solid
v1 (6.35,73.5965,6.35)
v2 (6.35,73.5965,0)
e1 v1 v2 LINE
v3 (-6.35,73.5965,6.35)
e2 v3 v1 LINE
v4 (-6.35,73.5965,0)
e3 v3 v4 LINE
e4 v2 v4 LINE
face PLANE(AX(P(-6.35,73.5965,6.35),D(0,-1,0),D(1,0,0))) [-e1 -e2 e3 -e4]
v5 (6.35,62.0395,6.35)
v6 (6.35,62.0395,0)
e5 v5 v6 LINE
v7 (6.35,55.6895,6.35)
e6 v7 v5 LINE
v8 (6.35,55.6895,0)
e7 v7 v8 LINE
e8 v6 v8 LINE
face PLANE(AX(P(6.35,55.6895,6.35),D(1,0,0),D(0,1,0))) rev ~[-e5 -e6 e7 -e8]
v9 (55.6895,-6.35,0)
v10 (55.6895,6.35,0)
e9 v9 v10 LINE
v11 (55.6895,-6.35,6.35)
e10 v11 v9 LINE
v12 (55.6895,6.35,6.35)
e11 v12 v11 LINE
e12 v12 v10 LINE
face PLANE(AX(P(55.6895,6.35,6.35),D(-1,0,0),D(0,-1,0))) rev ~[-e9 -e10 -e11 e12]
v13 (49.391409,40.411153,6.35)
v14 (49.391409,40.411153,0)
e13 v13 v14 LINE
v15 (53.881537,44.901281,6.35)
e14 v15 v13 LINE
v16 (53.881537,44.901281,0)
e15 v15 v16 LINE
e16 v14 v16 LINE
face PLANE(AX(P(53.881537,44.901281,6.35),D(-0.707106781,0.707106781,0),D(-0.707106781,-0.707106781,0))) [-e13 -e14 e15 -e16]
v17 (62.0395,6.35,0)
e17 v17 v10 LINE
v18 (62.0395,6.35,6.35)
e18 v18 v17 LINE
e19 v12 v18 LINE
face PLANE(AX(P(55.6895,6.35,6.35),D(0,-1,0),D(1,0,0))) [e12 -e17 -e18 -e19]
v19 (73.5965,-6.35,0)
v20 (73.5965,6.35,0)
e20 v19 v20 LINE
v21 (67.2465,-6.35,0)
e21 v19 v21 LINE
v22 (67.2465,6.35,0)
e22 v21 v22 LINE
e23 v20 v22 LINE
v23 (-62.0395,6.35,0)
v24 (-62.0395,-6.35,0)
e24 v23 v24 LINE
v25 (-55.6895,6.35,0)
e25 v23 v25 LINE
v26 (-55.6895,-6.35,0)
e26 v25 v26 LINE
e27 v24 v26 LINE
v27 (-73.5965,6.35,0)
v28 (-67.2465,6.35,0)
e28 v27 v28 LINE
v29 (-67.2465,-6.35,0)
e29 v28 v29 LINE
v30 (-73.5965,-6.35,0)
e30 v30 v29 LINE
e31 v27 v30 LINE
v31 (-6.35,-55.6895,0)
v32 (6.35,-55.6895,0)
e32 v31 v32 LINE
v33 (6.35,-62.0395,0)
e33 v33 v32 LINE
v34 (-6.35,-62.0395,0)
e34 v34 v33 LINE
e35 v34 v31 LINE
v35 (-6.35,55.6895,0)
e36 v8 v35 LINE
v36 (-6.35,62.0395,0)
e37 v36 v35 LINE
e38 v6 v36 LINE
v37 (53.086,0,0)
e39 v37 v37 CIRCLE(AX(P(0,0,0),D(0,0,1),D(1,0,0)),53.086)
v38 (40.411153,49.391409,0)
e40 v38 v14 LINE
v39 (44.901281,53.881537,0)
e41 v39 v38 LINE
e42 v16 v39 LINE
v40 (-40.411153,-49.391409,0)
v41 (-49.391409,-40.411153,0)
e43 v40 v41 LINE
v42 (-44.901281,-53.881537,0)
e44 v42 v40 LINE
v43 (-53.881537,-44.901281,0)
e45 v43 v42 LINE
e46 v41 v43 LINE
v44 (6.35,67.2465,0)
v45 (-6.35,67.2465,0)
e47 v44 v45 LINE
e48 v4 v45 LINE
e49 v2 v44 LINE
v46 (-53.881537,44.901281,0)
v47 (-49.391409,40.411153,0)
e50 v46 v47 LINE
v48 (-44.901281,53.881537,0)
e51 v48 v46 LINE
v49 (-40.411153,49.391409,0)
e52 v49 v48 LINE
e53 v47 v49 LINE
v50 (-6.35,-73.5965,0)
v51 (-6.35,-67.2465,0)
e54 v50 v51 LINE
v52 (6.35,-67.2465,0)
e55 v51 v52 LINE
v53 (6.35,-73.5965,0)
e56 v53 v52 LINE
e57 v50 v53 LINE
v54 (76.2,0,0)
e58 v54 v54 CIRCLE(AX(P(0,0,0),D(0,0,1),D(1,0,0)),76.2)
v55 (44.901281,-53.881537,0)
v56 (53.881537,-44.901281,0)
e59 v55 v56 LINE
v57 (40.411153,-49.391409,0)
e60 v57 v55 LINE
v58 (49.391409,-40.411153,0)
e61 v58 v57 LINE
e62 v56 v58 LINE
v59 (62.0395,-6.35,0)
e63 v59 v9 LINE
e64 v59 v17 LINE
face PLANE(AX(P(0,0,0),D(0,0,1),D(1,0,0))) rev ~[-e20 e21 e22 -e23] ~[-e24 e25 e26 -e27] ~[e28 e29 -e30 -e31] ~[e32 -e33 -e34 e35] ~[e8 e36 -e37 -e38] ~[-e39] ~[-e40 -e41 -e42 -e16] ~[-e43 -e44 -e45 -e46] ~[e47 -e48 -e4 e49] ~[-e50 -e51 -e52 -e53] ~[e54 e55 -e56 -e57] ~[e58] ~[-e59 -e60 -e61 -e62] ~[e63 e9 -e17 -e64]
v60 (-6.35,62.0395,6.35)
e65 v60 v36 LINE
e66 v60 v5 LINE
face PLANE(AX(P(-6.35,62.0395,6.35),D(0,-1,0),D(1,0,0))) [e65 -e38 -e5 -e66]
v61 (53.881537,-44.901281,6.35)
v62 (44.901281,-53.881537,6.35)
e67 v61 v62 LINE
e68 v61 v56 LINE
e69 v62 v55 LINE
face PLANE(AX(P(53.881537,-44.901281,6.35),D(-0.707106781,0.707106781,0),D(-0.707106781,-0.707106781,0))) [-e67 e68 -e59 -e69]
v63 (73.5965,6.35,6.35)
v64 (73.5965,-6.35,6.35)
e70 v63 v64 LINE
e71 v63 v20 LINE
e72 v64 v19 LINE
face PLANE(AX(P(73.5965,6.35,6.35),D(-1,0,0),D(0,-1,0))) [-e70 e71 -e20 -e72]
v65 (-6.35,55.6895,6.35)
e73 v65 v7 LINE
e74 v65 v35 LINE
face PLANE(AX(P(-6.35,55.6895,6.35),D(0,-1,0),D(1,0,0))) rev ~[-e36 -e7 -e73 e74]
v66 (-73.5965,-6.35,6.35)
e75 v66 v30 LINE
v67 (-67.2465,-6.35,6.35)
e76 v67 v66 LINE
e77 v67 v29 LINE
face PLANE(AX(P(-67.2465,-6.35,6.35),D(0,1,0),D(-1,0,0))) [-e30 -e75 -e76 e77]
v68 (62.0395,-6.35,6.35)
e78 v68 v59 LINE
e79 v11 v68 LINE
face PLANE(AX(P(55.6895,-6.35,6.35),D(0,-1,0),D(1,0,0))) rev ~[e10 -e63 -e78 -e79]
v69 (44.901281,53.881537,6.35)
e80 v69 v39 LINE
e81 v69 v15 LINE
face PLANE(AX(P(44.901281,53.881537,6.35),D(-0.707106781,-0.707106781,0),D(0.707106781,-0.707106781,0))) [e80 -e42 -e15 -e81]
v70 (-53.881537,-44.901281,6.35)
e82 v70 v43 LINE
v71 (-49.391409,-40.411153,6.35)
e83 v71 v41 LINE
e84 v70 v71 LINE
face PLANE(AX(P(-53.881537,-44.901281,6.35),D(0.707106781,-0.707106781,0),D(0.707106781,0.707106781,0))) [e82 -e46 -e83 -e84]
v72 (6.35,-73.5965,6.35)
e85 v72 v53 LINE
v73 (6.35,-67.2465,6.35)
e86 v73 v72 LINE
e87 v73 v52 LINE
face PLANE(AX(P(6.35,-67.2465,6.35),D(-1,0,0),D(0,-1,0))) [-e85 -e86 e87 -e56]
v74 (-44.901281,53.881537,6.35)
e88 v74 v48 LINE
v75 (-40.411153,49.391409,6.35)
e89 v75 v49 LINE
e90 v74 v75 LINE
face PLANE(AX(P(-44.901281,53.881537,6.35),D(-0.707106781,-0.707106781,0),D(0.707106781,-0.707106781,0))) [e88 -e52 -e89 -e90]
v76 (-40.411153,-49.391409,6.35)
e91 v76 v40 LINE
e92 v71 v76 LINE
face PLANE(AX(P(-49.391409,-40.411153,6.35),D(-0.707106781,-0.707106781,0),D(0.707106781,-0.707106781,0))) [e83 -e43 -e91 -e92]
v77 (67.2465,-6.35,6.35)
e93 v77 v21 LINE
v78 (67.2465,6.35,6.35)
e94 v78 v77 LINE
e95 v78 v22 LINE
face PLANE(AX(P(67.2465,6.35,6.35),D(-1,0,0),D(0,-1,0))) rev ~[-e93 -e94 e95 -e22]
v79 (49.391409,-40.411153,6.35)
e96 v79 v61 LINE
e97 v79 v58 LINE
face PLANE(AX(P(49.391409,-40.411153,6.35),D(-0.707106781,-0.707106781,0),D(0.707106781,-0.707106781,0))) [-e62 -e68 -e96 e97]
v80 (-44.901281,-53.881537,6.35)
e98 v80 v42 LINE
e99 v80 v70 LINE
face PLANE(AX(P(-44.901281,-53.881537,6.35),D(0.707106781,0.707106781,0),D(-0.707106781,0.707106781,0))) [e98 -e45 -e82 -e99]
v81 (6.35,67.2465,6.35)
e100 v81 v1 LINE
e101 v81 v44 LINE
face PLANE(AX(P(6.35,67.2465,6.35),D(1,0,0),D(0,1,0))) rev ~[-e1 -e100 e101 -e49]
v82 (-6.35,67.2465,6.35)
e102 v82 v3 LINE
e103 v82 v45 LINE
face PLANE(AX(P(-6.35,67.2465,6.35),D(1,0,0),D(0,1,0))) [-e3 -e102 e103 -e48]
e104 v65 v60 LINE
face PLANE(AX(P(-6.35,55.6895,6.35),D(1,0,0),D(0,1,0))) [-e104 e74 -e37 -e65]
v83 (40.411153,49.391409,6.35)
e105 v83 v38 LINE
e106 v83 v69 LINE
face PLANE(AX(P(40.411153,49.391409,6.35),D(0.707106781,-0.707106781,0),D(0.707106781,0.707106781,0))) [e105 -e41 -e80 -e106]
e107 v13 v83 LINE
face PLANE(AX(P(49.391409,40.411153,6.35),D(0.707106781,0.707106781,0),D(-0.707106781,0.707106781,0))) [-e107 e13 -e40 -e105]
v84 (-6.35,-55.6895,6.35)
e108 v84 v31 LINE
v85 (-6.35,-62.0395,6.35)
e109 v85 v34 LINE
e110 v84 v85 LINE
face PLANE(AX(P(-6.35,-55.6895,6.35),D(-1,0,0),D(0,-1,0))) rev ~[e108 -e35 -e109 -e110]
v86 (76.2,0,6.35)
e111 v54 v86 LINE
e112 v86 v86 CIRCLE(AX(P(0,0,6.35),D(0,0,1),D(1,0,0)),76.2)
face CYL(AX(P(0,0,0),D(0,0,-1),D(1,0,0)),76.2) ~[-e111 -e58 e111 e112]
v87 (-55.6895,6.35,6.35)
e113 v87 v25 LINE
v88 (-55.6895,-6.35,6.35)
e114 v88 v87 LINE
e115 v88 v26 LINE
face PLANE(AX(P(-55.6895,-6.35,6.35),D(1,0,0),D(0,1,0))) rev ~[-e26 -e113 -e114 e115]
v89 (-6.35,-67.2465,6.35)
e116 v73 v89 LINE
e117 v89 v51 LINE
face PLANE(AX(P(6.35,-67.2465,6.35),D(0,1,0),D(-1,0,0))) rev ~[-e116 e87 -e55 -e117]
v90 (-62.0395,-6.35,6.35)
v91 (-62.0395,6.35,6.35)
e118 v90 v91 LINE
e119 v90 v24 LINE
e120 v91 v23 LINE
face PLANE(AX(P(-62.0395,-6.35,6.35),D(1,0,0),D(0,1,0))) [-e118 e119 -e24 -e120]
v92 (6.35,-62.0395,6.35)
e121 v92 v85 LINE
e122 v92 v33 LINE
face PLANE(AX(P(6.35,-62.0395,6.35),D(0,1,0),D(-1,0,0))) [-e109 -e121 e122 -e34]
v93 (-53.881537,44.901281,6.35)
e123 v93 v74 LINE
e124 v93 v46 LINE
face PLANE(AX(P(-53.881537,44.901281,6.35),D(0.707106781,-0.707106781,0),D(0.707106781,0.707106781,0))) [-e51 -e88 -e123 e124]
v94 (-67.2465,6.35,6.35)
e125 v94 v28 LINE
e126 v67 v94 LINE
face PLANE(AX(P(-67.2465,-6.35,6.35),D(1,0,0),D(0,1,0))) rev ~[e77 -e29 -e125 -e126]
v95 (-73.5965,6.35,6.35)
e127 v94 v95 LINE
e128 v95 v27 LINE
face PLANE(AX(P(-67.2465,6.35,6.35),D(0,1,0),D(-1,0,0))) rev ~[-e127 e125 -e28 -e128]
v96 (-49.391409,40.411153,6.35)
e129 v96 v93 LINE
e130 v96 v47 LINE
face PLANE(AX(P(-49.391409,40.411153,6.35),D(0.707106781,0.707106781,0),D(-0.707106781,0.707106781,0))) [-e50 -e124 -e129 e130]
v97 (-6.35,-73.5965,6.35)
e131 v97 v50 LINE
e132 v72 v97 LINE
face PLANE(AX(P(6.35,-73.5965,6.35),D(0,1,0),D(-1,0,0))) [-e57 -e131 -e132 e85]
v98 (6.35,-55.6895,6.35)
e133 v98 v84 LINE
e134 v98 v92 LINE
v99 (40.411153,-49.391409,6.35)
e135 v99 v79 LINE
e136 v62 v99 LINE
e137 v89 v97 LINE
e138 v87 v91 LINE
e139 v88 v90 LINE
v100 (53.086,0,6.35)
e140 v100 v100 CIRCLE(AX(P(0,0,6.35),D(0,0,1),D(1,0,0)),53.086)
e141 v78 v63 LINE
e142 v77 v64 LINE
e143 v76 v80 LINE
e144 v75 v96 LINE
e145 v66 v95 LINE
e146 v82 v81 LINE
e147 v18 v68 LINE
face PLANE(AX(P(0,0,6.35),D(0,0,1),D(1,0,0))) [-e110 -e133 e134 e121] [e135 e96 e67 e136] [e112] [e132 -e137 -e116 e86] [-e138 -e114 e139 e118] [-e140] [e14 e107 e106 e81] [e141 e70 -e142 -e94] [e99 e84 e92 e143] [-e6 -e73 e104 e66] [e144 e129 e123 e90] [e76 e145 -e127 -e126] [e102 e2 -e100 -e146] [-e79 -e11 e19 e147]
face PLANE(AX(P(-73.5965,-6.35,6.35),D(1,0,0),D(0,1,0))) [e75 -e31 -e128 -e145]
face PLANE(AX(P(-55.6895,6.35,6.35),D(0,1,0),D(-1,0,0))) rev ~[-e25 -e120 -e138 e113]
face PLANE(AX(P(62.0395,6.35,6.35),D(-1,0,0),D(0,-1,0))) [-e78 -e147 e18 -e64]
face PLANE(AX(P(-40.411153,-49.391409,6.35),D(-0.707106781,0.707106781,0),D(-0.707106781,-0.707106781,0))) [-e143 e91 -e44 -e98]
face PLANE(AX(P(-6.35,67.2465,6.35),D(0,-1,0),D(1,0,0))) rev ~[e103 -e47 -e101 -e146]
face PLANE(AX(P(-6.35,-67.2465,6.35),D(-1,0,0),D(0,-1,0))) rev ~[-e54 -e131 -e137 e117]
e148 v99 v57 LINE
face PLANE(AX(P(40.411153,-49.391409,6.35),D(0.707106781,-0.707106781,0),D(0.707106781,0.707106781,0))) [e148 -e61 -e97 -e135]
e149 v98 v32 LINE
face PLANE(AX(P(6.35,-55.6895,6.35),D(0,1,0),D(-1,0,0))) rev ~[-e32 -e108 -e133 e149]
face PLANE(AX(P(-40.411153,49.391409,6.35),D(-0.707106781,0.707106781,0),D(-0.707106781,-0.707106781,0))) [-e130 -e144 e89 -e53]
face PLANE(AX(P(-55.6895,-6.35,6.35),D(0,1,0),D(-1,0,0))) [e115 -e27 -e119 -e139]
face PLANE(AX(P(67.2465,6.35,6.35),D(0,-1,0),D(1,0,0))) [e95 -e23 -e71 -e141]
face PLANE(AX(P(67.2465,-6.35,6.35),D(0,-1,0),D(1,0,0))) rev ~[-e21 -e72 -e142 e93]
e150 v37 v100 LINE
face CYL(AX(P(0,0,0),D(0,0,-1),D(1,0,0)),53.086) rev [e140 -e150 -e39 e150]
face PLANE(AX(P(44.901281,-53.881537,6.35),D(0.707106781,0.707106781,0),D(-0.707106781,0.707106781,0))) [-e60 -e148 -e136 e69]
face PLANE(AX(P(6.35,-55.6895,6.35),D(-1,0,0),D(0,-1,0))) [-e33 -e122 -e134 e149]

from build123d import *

# Parameters (mm, degrees)
SKETCH1_R           = 76.2
SKETCH1_R_2         = 53.086
BOSS_EXTRUDE2_DEPTH = 6.35
CUT_EXTRUDE1_REACH  = 109.95
SKETCH2_W           = 12.7
SKETCH2_H           = 6.35
CIRPATTERN1_COUNT   = 4
SPACER_HOLES_REACH  = 109.95
CIRPATTERN2_COUNT   = 4


with BuildPart() as part:
    # Sketch1 → Boss-Extrude2 (new body)
    with BuildSketch(Plane.XY):
        Circle(SKETCH1_R)
        Circle(SKETCH1_R_2, mode=Mode.SUBTRACT)
    extrude(amount=BOSS_EXTRUDE2_DEPTH)

    # Sketch2 → Cut-Extrude1 (cut, up to next)
    with BuildSketch(Plane.XY.offset(6.35), mode=Mode.PRIVATE) as cut_extrude1_sk1:
        with Locations((0, 70.4215)):
            Rectangle(SKETCH2_W, SKETCH2_H)
    cut_extrude1_tool1 = extrude(cut_extrude1_sk1.sketch, amount=-CUT_EXTRUDE1_REACH, mode=Mode.PRIVATE) & part.part
    # Sketch2 → Cut-Extrude1 (cut, up to next)
    with BuildSketch(Plane.XY.offset(6.35), mode=Mode.PRIVATE) as cut_extrude1_sk2:
        with Locations((0, 58.8645)):
            Rectangle(SKETCH2_W, SKETCH2_H)
    cut_extrude1_tool2 = extrude(cut_extrude1_sk2.sketch, amount=-CUT_EXTRUDE1_REACH, mode=Mode.PRIVATE) & part.part
    cut_extrude1_1 = cut_extrude1_tool1.solids().sort_by_distance((0, 70.4215, 6.35))[0]
    add(cut_extrude1_1, mode=Mode.SUBTRACT)
    cut_extrude1_2 = cut_extrude1_tool2.solids().sort_by_distance((0, 58.8645, 6.35))[0]
    add(cut_extrude1_2, mode=Mode.SUBTRACT)
    cut_extrude1 = cut_extrude1_1 + cut_extrude1_2  # Cut-Extrude1 as one shape, for the pattern or mirror that repeats it

    # CirPattern1: Cut-Extrude1 ×4 about axis
    cirpattern1_axis = Axis((0, 0, 0), (0, 0, 1))
    for i in range(1, CIRPATTERN1_COUNT):
        add(cut_extrude1.rotate(cirpattern1_axis, i * 360 / CIRPATTERN1_COUNT), mode=Mode.SUBTRACT)

    # Sketch3 → Spacer Holes (cut, up to next)
    with BuildSketch(Plane.XY.offset(6.35), mode=Mode.PRIVATE) as spacer_holes_sk1:
        Polygon((40.411152545, 49.391408666), (44.901280605, 53.881536726), (53.881536726, 44.901280605), (49.391408666, 40.411152545), align=None)
    spacer_holes_tool1 = extrude(spacer_holes_sk1.sketch, amount=-SPACER_HOLES_REACH, mode=Mode.PRIVATE) & part.part
    spacer_holes = spacer_holes_tool1.solids().sort_by_distance((47.146345, 47.146345, 6.35))[0]
    add(spacer_holes, mode=Mode.SUBTRACT)

    # CirPattern2: Spacer Holes ×4 about axis
    cirpattern2_axis = Axis((0, 0, 0), (0, 0, 1))
    for i in range(1, CIRPATTERN2_COUNT):
        add(spacer_holes.rotate(cirpattern2_axis, i * 360 / CIRPATTERN2_COUNT), mode=Mode.SUBTRACT)


solid = part.part
